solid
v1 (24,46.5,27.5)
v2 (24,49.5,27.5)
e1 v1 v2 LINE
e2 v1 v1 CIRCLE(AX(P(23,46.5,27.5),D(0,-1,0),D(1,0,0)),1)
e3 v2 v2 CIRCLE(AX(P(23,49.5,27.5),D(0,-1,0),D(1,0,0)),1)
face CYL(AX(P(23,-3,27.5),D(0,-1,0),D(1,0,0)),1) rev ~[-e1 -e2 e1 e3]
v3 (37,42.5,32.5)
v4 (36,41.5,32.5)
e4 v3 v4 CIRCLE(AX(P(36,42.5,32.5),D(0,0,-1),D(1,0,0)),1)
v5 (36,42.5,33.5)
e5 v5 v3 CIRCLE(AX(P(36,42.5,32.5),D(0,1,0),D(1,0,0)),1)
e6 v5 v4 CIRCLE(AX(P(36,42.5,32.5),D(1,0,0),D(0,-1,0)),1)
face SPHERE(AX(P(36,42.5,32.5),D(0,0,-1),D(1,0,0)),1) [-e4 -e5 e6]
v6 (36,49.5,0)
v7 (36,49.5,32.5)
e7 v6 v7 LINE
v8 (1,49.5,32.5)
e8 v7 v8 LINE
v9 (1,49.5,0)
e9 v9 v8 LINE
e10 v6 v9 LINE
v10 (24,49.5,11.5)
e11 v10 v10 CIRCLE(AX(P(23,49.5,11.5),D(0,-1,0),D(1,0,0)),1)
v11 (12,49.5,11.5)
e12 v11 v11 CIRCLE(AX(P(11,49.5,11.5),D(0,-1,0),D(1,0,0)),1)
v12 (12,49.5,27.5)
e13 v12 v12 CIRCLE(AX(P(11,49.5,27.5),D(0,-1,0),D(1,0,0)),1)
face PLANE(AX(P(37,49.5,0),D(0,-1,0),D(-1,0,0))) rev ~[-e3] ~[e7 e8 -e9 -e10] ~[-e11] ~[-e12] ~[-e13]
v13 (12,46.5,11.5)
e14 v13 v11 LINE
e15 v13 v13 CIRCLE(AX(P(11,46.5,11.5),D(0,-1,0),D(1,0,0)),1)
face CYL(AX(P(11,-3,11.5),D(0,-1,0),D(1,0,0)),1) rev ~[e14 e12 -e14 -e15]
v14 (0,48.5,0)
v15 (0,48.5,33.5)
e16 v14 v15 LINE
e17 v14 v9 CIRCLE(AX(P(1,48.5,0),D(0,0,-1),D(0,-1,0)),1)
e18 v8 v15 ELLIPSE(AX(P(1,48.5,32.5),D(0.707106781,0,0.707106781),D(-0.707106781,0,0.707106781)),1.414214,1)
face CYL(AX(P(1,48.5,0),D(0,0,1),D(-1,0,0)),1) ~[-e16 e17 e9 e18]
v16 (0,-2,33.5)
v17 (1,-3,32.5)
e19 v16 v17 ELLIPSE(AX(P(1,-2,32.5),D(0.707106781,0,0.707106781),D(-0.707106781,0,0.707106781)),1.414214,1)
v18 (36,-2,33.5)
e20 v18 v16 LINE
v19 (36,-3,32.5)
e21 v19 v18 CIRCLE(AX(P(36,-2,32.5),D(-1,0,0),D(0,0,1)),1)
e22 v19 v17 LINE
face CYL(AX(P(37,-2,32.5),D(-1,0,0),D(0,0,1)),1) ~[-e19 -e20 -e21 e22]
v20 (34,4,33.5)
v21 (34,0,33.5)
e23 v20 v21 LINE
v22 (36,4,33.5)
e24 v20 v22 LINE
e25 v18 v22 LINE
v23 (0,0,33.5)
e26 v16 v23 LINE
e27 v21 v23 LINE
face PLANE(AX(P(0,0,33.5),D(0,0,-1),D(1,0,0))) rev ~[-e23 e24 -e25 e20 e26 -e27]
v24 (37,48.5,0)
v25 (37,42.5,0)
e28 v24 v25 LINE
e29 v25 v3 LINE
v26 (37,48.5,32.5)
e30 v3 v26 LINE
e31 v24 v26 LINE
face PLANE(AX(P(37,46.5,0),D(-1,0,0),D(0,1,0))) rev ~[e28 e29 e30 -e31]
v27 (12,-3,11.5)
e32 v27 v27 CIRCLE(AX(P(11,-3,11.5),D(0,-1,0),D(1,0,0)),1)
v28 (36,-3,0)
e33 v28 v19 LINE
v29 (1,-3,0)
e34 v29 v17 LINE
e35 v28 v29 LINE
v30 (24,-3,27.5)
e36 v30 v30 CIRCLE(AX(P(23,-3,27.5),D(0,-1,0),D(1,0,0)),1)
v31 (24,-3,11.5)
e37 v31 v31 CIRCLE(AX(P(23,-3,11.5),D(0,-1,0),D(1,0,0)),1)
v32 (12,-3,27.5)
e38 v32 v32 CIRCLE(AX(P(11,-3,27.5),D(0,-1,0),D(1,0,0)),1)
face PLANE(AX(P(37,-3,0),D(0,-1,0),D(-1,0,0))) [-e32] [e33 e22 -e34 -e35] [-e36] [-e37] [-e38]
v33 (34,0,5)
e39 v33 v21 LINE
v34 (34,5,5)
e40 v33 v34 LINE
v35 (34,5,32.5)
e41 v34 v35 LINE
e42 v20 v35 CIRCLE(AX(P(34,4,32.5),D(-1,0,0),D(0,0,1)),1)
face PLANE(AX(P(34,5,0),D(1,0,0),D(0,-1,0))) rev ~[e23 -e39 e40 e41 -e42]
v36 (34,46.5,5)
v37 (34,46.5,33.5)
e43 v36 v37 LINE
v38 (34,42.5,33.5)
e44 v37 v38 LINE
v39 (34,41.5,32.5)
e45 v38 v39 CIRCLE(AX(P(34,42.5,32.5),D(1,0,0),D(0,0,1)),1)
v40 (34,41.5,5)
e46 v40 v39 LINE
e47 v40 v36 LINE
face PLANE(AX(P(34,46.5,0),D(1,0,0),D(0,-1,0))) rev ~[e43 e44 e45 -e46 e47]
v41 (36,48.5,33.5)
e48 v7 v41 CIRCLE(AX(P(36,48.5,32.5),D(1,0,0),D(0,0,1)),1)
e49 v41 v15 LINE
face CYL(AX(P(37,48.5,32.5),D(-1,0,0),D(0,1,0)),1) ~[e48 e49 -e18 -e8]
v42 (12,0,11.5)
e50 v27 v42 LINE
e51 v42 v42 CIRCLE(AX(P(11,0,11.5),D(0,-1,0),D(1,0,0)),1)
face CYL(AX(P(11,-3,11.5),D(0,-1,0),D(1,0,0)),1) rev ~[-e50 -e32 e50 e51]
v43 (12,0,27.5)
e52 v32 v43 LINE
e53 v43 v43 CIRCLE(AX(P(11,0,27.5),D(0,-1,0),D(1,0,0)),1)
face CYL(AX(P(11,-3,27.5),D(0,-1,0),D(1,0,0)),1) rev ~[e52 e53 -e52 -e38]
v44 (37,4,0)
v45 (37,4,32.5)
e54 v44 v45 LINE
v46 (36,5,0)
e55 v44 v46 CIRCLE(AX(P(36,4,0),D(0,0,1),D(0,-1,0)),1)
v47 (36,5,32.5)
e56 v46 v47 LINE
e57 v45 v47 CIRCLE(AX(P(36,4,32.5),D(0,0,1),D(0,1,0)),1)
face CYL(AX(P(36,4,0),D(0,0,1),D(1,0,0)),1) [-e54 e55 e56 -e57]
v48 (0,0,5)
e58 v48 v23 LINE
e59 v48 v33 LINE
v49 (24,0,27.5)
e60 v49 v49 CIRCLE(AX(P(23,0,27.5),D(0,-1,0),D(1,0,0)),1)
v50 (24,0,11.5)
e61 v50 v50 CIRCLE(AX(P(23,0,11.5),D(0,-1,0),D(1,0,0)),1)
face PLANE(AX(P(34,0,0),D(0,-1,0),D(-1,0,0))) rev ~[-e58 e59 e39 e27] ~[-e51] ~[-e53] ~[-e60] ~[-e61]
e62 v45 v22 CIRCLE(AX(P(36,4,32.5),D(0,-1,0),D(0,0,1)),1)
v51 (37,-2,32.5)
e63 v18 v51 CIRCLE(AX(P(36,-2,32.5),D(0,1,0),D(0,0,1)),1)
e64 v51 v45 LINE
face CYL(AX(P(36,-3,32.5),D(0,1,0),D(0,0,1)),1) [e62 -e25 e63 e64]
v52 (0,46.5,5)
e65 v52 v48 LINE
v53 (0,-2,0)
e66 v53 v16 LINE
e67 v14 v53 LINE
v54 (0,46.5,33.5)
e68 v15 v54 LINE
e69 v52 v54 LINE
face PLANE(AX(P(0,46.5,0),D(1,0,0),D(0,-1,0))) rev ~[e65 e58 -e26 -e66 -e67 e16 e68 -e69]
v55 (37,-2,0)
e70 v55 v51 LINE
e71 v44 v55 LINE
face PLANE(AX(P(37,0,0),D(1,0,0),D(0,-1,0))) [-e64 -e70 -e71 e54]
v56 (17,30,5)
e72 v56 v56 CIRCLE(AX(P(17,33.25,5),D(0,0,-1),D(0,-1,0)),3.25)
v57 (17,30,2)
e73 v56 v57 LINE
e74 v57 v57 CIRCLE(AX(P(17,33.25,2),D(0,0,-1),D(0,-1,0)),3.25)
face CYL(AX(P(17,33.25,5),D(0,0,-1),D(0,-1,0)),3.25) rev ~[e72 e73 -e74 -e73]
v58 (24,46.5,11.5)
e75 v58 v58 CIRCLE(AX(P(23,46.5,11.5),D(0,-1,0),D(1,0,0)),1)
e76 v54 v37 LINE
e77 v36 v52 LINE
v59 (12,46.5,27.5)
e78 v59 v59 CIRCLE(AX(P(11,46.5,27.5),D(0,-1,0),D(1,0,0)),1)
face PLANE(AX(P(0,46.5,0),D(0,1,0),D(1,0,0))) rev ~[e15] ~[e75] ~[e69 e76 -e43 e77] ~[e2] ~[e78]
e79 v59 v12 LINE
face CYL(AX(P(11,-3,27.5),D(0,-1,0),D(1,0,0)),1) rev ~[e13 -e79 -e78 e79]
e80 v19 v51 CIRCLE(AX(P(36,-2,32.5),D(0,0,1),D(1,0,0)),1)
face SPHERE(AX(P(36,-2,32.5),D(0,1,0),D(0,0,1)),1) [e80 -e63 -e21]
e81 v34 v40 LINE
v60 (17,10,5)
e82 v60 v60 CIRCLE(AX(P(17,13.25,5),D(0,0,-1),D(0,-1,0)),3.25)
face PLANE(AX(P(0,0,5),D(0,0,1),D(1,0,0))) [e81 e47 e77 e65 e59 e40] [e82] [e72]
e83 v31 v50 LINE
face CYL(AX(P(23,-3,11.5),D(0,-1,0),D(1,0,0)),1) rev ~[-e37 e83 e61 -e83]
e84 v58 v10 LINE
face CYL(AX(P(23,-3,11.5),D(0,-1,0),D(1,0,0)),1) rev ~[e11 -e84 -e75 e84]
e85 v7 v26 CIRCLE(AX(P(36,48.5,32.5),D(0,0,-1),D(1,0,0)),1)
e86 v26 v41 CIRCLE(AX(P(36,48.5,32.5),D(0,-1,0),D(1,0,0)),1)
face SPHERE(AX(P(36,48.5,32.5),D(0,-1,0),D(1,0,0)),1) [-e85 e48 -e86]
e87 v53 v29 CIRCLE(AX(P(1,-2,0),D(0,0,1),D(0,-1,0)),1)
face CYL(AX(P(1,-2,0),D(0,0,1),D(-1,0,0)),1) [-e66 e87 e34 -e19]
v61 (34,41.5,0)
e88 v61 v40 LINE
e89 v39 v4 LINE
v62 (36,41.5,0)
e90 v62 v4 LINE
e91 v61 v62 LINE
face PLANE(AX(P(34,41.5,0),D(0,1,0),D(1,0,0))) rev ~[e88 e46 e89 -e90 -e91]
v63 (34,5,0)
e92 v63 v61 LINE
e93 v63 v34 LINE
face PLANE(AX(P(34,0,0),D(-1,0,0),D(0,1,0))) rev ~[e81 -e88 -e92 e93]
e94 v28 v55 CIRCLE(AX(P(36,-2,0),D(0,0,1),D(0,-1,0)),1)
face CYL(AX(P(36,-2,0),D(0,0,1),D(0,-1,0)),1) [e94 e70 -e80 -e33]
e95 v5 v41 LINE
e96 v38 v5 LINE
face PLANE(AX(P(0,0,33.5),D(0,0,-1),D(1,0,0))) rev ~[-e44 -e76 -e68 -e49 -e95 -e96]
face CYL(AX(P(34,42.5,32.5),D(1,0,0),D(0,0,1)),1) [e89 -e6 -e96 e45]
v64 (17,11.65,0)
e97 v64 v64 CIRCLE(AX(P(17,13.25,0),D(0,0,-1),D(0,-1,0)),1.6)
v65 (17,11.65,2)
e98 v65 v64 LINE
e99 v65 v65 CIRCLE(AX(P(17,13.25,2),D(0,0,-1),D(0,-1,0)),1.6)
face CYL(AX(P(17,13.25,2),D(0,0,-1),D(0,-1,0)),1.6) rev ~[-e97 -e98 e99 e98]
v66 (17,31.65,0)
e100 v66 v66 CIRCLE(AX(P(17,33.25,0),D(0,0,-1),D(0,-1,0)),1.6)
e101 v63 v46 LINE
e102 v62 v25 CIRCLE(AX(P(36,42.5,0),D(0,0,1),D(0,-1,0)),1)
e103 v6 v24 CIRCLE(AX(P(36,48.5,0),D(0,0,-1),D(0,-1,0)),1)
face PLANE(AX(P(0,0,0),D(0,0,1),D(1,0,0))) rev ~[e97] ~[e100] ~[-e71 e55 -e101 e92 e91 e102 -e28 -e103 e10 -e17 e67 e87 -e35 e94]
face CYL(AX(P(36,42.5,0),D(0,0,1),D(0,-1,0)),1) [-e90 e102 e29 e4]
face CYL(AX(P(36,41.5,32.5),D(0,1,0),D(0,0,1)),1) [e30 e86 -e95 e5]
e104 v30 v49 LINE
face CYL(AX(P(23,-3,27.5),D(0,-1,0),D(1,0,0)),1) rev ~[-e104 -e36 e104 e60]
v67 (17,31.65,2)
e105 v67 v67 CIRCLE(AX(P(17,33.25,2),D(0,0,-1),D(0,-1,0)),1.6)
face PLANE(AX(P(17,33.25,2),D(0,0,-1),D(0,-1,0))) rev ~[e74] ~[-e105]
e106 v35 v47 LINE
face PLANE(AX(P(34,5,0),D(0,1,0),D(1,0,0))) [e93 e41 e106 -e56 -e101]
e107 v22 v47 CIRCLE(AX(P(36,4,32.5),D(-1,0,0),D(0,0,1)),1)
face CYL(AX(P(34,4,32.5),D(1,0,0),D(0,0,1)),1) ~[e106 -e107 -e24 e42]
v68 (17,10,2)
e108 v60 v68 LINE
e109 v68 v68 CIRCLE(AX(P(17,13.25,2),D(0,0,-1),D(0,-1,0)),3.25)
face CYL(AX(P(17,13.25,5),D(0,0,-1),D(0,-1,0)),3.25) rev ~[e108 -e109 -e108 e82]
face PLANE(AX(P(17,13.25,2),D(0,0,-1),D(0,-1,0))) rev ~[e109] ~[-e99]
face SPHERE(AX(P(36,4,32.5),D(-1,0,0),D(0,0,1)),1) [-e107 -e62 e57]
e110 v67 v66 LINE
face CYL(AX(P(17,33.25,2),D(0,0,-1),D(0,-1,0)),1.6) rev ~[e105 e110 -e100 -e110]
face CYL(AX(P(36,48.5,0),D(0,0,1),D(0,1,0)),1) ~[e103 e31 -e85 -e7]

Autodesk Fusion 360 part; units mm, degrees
sketch "Sketch1" plane through (0, 0, 0) normal (0, 0, 1) x (1, 0, 0)
  line L0 (0, 0) -> (34, 0)
  line L1 (34, 0) -> (34, 46.5)
  line L2 (34, 46.5) -> (0, 46.5)
  line L3 (0, 46.5) -> (0, 0)
  dimension "d1" = 34
  dimension "d2" = 46.5
extrude "Extrude1" add sketch "Sketch1" along normal blind 5
sketch "Sketch3" plane through (0, 0, 5) normal (0, 0, 1) x (-1, 0, 0)
  line L0 (-34, 0) -> (-34, -46.5)
  line L1 (-17, 0) -> (-17, -46.5)
  circle A0 centre (-17, -13.25) radius 1.6
  circle A1 centre (-17, -33.25) radius 1.6
  line L2 (0, -46.5) -> (0, 0)
  line L3 (0, 0) -> (-34, 0)
  line L4 (-34, -46.5) -> (0, -46.5)
  dimension "d11" = 3.2
  dimension "d12" = 3.2
  dimension "d13" = 20
hole "Hole1" at (17, 13.25, 5) at (17, 33.25, 5) direction (0, 0, -1) diameter 3.2 depth 5 tip angle 180 counterbore diameter 6.5 counterbore depth 3
sketch "Sketch4" plane through (0, 0, 0) normal (0, 0, -1) x (1, 0, 0)
  circle A0 centre (17, -13.25) radius 1.6
  circle A1 centre (17, -33.25) radius 1.6
  line L0 (0, 0) -> (0, -46.5)
  line L1 (0, -46.5) -> (34, -46.5)
  line L2 (34, -46.5) -> (34, 0)
  line L3 (34, 0) -> (0, 0)
  line L4 (0, -46.5) -> (37, -46.5)
  line L5 (37, -46.5) -> (37, -49.5)
  line L6 (37, -49.5) -> (0, -49.5)
  line L7 (0, -49.5) -> (0, -46.5)
  line L8 (0, 0) -> (37, 0)
  line L9 (37, 0) -> (37, 3)
  line L10 (37, 3) -> (0, 3)
  line L11 (0, 3) -> (0, 0)
  line L12 (37, 0) -> (34, 0)
  line L13 (34, 0) -> (34, -5)
  line L14 (34, -5) -> (37, -5)
  line L15 (37, -5) -> (37, 0)
  line L16 (37, -46.5) -> (34, -46.5)
  line L17 (34, -46.5) -> (34, -41.5)
  line L18 (34, -41.5) -> (37, -41.5)
  line L19 (37, -41.5) -> (37, -46.5)
  dimension "d24" = 37
  dimension "d25" = 3
  dimension "d26" = 37
  dimension "d27" = 3
  dimension "d28" = 5
  dimension "d29" = 5
extrude "Extrude3" add sketch "Sketch4" against normal blind 33.5 contours L3 L8 L9 L10 L11 L12 | L1 L4 L5 L6 L7 L16 | L2 L8 L12 L13 L14 L15 | L2 L4 L16 L17 L18 L19
sketch "Sketch5" plane through (0, -3, 0) normal (0, -1, 0) x (1, 0, 0)
  line L0 (0, 0) -> (37, 0)
  line L1 (37, 0) -> (37, 33.5)
  line L2 (37, 33.5) -> (0, 33.5)
  line L3 (0, 33.5) -> (0, 0)
  circle A0 centre (11, 27.5) radius 1
  circle A1 centre (23, 27.5) radius 1
  circle A2 centre (11, 11.5) radius 1
  circle A3 centre (23, 11.5) radius 1
  dimension "d32" = 2
  dimension "d33" = 6
  dimension "d34" = 11
  dimension "d37" = 12
  dimension "d38" = -16
extrude "Extrude4" cut sketch "Sketch5" against normal blind 52.5 contours A0 | A1 | A2 | A3
fillet "Fillet3" radius 1 12 edges at (35.5, 5, 33.5) (37, 1, 33.5) (18.5, -3, 33.5) (37, -3, 16.75) (37, 5, 16.75) (0, -3, 16.75) (37, 41.5, 16.75) (37, 45.5, 33.5) (35.5, 41.5, 33.5) (37, 49.5, 16.75) (18.5, 49.5, 33.5) (0, 49.5, 16.75)
